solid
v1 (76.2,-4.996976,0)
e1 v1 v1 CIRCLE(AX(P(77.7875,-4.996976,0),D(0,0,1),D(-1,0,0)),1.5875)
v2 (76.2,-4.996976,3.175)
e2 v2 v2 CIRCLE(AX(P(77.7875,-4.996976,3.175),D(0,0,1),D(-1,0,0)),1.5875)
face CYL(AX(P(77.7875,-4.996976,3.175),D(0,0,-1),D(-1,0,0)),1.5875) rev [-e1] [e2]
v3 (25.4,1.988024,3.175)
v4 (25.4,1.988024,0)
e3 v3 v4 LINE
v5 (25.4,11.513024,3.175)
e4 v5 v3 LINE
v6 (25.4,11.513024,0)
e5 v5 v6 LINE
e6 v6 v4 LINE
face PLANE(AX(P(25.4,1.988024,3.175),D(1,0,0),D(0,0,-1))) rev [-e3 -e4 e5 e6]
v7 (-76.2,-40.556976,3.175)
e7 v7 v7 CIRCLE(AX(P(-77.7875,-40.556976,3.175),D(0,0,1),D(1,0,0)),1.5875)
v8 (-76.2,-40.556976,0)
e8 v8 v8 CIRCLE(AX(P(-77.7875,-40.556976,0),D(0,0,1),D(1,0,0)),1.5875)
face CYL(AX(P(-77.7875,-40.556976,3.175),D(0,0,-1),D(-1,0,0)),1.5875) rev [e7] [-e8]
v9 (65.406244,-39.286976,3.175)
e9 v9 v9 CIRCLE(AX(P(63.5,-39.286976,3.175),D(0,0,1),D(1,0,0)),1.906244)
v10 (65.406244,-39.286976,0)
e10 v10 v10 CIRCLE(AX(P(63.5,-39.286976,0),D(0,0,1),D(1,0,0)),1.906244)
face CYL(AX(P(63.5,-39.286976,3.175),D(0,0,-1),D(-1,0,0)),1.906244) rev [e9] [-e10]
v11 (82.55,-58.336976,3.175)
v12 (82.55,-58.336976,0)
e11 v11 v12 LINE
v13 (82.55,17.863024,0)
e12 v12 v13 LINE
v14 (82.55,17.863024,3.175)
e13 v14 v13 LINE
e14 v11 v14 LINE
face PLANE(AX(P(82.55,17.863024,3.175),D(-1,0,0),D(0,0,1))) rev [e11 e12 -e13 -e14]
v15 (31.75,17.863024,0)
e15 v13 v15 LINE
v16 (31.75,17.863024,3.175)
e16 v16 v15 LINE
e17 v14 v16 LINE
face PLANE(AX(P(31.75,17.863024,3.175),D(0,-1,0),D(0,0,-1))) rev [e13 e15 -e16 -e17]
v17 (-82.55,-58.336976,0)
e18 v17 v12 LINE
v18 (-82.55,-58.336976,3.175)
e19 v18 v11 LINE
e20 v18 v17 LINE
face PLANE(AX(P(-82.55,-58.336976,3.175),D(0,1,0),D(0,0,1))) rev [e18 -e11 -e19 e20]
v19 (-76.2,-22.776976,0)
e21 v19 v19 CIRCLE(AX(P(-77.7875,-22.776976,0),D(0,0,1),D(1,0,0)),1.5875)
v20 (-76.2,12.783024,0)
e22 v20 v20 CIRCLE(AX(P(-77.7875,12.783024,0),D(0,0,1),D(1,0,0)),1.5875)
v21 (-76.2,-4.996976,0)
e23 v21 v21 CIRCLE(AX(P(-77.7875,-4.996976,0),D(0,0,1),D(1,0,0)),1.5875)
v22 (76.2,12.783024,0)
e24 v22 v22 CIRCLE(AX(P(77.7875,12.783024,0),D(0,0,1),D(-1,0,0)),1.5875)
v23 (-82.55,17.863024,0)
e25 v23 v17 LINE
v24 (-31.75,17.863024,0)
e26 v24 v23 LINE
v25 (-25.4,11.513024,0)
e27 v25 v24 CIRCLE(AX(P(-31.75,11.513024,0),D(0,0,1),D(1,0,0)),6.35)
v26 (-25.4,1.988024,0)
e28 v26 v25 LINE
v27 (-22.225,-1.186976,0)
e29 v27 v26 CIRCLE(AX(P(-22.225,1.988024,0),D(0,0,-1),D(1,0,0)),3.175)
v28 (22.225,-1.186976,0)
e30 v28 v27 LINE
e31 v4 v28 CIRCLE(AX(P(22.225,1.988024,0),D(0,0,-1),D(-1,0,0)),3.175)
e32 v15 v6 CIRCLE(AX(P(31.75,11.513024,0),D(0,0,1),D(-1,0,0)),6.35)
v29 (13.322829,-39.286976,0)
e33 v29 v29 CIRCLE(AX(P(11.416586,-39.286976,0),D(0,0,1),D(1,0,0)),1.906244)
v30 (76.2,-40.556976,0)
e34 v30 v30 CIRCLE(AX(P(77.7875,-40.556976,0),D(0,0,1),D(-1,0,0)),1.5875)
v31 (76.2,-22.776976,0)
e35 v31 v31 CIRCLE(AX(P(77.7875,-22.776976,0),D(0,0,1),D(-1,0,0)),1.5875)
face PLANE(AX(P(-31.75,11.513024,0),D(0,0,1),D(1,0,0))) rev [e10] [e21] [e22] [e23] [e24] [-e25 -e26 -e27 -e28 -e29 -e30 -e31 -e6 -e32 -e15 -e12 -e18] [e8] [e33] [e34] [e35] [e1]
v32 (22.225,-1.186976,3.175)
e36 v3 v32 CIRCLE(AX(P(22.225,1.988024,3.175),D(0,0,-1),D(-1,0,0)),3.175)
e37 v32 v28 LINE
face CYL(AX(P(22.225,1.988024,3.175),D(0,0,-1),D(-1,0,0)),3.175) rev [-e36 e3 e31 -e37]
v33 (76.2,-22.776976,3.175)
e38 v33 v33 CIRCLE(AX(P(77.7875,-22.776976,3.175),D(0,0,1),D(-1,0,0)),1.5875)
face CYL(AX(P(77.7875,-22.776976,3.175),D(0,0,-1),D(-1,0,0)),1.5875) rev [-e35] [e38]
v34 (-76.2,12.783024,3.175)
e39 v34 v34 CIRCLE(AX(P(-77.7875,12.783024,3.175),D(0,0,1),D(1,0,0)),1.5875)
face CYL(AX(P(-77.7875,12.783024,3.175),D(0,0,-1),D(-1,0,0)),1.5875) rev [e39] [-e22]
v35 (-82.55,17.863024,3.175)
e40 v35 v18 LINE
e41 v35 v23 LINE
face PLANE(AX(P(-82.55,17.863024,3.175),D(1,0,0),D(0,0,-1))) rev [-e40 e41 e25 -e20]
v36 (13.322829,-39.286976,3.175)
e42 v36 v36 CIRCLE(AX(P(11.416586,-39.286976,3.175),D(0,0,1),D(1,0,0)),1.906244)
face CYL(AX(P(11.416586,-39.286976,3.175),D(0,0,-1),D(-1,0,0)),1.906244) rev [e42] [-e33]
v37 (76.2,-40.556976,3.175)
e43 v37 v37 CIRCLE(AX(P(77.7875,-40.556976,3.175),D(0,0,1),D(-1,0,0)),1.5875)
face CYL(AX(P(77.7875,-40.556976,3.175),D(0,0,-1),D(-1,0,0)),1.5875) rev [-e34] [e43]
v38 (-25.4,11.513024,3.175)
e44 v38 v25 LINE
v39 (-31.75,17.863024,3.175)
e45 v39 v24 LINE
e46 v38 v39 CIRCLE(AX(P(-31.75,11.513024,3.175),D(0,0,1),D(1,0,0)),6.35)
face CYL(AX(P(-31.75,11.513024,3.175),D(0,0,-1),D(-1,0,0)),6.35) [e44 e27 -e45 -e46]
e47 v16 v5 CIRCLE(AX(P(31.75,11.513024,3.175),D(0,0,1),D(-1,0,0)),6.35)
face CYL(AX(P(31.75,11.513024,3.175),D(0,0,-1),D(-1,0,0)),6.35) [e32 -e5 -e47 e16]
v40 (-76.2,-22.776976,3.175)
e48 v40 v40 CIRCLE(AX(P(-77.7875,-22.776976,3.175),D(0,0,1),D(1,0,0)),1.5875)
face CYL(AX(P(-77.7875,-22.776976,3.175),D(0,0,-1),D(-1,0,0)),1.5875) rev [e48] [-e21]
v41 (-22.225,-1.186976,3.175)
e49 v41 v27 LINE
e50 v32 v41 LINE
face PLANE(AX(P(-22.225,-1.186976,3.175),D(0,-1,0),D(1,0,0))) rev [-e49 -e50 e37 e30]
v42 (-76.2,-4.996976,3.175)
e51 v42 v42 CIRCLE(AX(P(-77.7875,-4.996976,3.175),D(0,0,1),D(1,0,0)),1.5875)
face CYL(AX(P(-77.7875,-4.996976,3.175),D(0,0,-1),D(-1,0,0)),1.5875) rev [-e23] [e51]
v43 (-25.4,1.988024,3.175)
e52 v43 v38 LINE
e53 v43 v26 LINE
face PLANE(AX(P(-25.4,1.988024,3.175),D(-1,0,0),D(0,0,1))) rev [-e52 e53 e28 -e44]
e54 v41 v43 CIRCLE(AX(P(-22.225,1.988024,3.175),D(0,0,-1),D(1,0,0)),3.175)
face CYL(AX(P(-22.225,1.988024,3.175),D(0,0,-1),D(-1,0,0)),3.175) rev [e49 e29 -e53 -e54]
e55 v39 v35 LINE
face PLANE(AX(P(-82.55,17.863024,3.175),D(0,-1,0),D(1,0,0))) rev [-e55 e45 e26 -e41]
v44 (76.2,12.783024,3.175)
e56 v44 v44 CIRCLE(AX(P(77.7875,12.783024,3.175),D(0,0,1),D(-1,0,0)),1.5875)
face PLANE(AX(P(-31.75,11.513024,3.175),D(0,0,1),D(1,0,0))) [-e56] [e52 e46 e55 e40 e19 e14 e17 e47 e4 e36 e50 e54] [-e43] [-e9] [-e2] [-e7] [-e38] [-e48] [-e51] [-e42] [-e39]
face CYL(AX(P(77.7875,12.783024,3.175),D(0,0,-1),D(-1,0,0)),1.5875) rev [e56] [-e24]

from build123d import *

# Parameters (mm, degrees)
SKETCH5_R           = 1.5875
SKETCH5_R_2         = 1.906243542
BOSS_EXTRUDE2_DEPTH = 3.175


with BuildPart() as part:
    # Sketch5 → Boss-Extrude2 (new body)
    with BuildSketch(Plane.XY):
        with BuildLine():
            Line((-82.55, 17.863023715), (-82.55, -58.336976285))
            Line((-82.55, -58.336976285), (82.55, -58.336976285))
            Line((82.55, -58.336976285), (82.55, 17.863023715))
            Line((82.55, 17.863023715), (31.75, 17.863023715))
            ThreePointArc((31.75, 17.863023715), (27.259871939, 16.003151775), (25.4, 11.513023715))
            Line((25.4, 11.513023715), (25.4, 1.988023715))
            ThreePointArc((25.4, 1.988023715), (24.47006403, -0.257040316), (22.225, -1.186976285))
            Line((22.225, -1.186976285), (-22.225, -1.186976285))
            ThreePointArc((-22.225, -1.186976285), (-24.47006403, -0.257040316), (-25.4, 1.988023715))
            Line((-25.4, 1.988023715), (-25.4, 11.513023715))
            ThreePointArc((-25.4, 11.513023715), (-27.259871939, 16.003151775), (-31.75, 17.863023715))
            Line((-31.75, 17.863023715), (-82.55, 17.863023715))
        make_face()
        with Locations((-77.7875, -40.556976285)):
            Circle(SKETCH5_R, mode=Mode.SUBTRACT)
        with Locations((-77.7875, -22.776976285)):
            Circle(SKETCH5_R, mode=Mode.SUBTRACT)
        with Locations((-77.7875, -4.996976285)):
            Circle(SKETCH5_R, mode=Mode.SUBTRACT)
        with Locations((-77.7875, 12.783023715)):
            Circle(SKETCH5_R, mode=Mode.SUBTRACT)
        with Locations((11.416585625, -39.286976285)):
            Circle(SKETCH5_R_2, mode=Mode.SUBTRACT)
        with Locations((63.5, -39.286976285)):
            Circle(SKETCH5_R_2, mode=Mode.SUBTRACT)
        with Locations((77.7875, 12.783023715)):
            Circle(SKETCH5_R, mode=Mode.SUBTRACT)
        with Locations((77.7875, -4.996976285)):
            Circle(SKETCH5_R, mode=Mode.SUBTRACT)
        with Locations((77.7875, -22.776976285)):
            Circle(SKETCH5_R, mode=Mode.SUBTRACT)
        with Locations((77.7875, -40.556976285)):
            Circle(SKETCH5_R, mode=Mode.SUBTRACT)
    extrude(amount=BOSS_EXTRUDE2_DEPTH)


solid = part.part
